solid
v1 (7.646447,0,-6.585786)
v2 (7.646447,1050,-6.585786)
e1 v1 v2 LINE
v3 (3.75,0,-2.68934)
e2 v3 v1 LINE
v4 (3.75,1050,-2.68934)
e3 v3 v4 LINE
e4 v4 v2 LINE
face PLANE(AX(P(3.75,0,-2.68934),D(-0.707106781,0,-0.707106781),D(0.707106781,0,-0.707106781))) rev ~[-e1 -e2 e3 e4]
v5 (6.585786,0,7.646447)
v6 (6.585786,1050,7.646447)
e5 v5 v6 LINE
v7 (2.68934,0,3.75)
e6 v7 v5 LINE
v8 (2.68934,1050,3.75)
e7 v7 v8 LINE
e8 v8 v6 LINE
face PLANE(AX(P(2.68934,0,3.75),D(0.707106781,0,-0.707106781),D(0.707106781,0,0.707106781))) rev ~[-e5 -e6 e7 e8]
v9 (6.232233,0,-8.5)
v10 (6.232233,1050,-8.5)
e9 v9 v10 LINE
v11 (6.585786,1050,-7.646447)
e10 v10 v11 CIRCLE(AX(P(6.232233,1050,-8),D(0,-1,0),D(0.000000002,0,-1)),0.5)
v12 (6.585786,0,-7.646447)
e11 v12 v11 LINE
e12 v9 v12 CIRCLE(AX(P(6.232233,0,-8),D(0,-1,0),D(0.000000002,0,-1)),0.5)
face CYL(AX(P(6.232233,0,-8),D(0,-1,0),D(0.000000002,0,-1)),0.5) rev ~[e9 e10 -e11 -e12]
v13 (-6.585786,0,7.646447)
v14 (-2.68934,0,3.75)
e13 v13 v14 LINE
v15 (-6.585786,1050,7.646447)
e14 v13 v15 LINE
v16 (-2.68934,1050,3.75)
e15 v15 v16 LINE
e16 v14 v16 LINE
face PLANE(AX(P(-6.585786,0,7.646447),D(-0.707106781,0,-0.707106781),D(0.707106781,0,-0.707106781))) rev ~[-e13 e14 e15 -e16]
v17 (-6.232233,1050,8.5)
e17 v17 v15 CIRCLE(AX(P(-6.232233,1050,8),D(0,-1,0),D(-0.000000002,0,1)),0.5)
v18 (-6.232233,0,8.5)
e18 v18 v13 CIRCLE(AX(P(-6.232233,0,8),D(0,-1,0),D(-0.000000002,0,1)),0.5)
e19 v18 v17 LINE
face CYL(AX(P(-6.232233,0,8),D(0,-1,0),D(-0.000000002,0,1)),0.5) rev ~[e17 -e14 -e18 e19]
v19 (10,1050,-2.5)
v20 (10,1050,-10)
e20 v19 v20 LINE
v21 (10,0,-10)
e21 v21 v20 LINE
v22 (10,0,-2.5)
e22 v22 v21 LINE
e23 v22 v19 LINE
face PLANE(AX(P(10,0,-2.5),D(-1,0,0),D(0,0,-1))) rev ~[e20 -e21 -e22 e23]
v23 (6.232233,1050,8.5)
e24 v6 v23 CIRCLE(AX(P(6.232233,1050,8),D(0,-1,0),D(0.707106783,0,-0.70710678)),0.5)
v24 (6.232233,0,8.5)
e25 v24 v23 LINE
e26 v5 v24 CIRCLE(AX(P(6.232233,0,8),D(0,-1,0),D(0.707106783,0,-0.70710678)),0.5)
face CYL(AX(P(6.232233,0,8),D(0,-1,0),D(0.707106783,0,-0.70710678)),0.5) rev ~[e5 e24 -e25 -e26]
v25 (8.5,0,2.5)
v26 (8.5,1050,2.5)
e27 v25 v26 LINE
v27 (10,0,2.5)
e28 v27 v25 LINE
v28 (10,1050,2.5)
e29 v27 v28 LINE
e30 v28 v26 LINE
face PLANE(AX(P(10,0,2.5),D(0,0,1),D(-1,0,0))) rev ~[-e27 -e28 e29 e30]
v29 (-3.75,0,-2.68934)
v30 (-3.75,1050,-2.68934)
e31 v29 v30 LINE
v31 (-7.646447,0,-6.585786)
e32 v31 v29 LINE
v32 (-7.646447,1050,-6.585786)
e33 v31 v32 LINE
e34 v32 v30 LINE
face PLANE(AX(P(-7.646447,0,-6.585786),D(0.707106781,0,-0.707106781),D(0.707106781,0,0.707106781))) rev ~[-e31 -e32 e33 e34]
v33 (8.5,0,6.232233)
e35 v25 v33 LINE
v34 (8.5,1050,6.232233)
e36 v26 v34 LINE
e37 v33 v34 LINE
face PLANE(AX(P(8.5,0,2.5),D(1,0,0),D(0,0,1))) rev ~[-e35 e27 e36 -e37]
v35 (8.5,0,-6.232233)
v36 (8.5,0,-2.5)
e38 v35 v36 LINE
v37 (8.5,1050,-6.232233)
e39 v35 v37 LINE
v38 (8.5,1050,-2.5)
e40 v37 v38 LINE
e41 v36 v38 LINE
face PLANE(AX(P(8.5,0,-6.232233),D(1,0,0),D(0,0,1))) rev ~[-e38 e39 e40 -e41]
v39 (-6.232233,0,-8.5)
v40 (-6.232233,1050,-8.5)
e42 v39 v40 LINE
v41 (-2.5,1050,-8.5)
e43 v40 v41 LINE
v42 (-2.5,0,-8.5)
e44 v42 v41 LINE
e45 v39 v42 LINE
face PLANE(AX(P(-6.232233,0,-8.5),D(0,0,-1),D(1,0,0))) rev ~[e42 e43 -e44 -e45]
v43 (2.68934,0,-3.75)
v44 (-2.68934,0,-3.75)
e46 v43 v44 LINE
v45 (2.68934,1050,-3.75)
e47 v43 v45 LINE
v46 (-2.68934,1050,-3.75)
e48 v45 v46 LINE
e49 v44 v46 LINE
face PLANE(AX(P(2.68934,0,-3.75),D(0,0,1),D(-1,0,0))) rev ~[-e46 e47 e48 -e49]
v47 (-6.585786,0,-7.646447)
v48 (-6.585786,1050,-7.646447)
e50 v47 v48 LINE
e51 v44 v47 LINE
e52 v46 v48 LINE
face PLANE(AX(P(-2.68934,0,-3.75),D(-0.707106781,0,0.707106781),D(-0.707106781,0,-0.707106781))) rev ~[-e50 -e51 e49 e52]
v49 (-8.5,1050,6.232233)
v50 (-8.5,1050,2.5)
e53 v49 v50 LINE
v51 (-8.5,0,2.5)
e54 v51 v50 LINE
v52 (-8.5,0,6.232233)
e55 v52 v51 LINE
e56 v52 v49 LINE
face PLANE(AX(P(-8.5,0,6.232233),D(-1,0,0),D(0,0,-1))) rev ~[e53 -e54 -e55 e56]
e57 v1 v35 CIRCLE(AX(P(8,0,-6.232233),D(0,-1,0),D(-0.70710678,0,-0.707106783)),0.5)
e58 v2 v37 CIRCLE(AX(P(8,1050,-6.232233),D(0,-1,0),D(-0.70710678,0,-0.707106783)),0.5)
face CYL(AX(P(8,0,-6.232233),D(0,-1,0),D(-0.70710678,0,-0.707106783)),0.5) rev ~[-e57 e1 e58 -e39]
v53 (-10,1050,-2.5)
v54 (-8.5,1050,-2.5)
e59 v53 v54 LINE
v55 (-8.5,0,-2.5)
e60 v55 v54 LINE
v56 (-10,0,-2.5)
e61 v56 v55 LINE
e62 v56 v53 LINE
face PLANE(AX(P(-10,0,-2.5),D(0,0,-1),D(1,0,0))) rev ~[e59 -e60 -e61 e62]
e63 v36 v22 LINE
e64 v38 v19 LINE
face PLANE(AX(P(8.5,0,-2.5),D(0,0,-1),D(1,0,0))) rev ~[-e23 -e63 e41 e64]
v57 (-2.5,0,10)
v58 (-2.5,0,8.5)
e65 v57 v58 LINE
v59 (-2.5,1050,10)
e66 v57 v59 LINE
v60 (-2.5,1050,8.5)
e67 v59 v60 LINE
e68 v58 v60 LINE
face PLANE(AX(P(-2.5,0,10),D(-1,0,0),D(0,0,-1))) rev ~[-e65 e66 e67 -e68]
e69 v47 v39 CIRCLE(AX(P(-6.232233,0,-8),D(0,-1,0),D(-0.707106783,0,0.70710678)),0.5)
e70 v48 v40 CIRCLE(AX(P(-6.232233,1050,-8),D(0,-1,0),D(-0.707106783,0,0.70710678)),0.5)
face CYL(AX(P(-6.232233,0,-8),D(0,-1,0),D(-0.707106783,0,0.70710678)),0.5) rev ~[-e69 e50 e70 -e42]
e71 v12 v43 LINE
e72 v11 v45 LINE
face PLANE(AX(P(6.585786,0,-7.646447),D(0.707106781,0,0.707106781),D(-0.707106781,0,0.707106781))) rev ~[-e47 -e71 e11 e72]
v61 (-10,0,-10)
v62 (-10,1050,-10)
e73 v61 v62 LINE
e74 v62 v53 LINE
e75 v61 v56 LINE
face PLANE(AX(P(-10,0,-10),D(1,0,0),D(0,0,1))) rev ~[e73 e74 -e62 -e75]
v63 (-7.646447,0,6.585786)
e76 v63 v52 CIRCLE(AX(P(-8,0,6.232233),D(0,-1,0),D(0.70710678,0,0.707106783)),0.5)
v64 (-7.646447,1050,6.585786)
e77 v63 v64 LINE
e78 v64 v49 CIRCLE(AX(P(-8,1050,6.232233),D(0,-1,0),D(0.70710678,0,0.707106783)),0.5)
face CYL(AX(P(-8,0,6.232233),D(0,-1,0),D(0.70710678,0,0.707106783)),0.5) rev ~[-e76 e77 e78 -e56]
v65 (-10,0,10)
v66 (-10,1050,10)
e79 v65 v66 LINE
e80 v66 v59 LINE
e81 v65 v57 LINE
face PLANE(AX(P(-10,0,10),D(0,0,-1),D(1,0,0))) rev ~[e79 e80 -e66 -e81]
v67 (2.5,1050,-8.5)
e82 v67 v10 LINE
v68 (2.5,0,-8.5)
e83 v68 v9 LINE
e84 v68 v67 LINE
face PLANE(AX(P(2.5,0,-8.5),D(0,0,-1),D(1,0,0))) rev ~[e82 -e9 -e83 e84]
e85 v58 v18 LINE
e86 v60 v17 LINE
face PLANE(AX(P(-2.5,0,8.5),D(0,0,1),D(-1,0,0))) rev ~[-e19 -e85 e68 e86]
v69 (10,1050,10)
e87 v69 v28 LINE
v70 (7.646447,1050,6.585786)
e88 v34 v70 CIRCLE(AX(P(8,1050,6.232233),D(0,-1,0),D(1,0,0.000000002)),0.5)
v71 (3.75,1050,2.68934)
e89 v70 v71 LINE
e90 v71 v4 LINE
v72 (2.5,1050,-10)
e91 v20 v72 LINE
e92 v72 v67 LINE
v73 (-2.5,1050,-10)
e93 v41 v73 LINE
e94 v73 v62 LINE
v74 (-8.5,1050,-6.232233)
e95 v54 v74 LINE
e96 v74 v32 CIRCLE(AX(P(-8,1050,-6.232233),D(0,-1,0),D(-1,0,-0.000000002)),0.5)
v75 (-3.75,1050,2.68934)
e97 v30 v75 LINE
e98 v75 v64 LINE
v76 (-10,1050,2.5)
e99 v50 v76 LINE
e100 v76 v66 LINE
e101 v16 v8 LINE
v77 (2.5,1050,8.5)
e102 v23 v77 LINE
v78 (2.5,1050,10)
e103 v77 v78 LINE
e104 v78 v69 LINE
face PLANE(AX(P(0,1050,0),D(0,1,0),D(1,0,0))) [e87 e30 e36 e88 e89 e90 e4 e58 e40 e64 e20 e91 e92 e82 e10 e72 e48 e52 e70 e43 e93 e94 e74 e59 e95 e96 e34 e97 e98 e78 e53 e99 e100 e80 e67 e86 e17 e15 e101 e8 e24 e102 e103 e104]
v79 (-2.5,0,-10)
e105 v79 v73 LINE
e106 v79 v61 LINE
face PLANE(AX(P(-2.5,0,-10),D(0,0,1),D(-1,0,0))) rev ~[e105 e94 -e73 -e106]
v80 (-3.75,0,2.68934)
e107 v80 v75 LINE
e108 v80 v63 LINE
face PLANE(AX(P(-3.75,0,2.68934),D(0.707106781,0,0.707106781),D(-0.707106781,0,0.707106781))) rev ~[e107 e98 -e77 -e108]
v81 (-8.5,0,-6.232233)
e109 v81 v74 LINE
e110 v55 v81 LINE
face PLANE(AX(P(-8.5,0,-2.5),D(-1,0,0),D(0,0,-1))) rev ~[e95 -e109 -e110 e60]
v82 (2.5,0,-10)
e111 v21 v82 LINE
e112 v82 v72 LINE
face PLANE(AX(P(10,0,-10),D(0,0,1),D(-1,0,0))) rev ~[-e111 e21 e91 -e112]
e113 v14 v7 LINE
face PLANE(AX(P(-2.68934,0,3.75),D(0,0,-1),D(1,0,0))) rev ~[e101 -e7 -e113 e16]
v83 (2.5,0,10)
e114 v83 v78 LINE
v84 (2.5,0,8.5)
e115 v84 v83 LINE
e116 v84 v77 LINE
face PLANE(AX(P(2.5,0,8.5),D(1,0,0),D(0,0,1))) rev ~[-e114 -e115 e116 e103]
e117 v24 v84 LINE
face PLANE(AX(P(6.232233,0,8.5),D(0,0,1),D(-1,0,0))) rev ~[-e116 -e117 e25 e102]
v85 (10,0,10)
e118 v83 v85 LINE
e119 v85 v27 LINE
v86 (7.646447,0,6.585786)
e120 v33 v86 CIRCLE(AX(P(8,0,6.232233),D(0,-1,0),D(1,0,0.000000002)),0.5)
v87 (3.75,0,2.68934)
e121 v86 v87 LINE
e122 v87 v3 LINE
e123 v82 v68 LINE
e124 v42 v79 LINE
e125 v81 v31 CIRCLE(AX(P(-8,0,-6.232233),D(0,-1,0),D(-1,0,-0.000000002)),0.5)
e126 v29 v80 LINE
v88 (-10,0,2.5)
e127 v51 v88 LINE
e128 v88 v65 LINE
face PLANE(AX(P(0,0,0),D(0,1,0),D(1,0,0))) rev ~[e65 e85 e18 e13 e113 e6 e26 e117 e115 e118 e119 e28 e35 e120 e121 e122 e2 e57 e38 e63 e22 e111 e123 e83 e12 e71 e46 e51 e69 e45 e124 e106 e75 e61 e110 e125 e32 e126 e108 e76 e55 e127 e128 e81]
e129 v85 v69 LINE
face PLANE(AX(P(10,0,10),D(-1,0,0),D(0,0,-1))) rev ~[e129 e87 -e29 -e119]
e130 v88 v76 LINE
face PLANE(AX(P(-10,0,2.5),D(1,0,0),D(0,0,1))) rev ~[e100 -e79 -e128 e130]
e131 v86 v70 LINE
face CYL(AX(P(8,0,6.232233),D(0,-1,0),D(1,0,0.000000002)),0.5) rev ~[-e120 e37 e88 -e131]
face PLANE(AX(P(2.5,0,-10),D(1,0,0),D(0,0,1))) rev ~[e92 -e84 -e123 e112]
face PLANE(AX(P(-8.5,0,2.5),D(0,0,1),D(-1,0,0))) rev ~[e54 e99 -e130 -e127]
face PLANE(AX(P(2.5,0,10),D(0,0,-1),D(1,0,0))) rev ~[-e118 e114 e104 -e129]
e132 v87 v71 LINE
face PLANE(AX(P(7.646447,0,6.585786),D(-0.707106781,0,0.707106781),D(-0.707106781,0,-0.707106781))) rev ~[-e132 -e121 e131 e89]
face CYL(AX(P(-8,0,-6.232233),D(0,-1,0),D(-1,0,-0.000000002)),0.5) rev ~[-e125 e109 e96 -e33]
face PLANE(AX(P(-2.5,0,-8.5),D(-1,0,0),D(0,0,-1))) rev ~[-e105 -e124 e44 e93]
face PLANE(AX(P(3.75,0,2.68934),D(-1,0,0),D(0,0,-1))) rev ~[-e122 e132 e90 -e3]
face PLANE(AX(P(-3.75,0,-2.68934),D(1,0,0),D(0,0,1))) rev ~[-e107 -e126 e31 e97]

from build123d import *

# Parameters (mm, degrees)
BOSS_EXTRU_1_DEPTH = 1050


with BuildPart() as part:
    # Esquisse1 → Boss.-Extru.1 (new body)
    with BuildSketch(Plane(origin=(0, 0, 0), x_dir=(1, 0, 0), z_dir=(0, 1, 0))):
        with BuildLine():
            Line((-10, -2.5), (-10, -10))
            Line((-10, -10), (-2.5, -10))
            Line((-2.5, -10), (-2.5, -8.5))
            Line((-2.5, -8.5), (-6.232233047, -8.5))
            ThreePointArc((-6.232233047, -8.5), (-6.694172813, -8.191341716), (-6.585786438, -7.646446609))
            Line((-6.585786438, -7.646446609), (-2.689339828, -3.75))
            Line((-2.689339828, -3.75), (2.689339828, -3.75))
            Line((2.689339828, -3.75), (6.585786438, -7.646446609))
            ThreePointArc((6.585786438, -7.646446609), (6.694172813, -8.191341716), (6.232233047, -8.5))
            Line((6.232233047, -8.5), (2.5, -8.5))
            Line((2.5, -8.5), (2.5, -10))
            Line((2.5, -10), (10, -10))
            Line((10, -10), (10, -2.5))
            Line((10, -2.5), (8.5, -2.5))
            Line((8.5, -2.5), (8.5, -6.232233047))
            ThreePointArc((8.5, -6.232233047), (8.191341716, -6.694172813), (7.646446609, -6.585786438))
            Line((7.646446609, -6.585786438), (3.75, -2.689339828))
            Line((3.75, -2.689339828), (3.75, 2.689339828))
            Line((3.75, 2.689339828), (7.646446609, 6.585786438))
            ThreePointArc((7.646446609, 6.585786438), (8.191341716, 6.694172813), (8.5, 6.232233047))
            Line((8.5, 6.232233047), (8.5, 2.5))
            Line((8.5, 2.5), (10, 2.5))
            Line((10, 2.5), (10, 10))
            Line((10, 10), (2.5, 10))
            Line((2.5, 10), (2.5, 8.5))
            Line((2.5, 8.5), (6.232233047, 8.5))
            ThreePointArc((6.232233047, 8.5), (6.694172813, 8.191341716), (6.585786438, 7.646446609))
            Line((6.585786438, 7.646446609), (2.689339828, 3.75))
            Line((2.689339828, 3.75), (-2.689339828, 3.75))
            Line((-2.689339828, 3.75), (-6.585786438, 7.646446609))
            ThreePointArc((-6.585786438, 7.646446609), (-6.694172813, 8.191341716), (-6.232233047, 8.5))
            Line((-6.232233047, 8.5), (-2.5, 8.5))
            Line((-2.5, 8.5), (-2.5, 10))
            Line((-2.5, 10), (-10, 10))
            Line((-10, 10), (-10, 2.5))
            Line((-10, 2.5), (-8.5, 2.5))
            Line((-8.5, 2.5), (-8.5, 6.232233047))
            ThreePointArc((-8.5, 6.232233047), (-8.191341716, 6.694172813), (-7.646446609, 6.585786438))
            Line((-7.646446609, 6.585786438), (-3.75, 2.689339828))
            Line((-3.75, 2.689339828), (-3.75, -2.689339828))
            Line((-3.75, -2.689339828), (-7.646446609, -6.585786438))
            ThreePointArc((-7.646446609, -6.585786438), (-8.191341716, -6.694172813), (-8.5, -6.232233047))
            Line((-8.5, -6.232233047), (-8.5, -2.5))
            Line((-8.5, -2.5), (-10, -2.5))
        make_face()
    extrude(amount=BOSS_EXTRU_1_DEPTH)


solid = part.part
